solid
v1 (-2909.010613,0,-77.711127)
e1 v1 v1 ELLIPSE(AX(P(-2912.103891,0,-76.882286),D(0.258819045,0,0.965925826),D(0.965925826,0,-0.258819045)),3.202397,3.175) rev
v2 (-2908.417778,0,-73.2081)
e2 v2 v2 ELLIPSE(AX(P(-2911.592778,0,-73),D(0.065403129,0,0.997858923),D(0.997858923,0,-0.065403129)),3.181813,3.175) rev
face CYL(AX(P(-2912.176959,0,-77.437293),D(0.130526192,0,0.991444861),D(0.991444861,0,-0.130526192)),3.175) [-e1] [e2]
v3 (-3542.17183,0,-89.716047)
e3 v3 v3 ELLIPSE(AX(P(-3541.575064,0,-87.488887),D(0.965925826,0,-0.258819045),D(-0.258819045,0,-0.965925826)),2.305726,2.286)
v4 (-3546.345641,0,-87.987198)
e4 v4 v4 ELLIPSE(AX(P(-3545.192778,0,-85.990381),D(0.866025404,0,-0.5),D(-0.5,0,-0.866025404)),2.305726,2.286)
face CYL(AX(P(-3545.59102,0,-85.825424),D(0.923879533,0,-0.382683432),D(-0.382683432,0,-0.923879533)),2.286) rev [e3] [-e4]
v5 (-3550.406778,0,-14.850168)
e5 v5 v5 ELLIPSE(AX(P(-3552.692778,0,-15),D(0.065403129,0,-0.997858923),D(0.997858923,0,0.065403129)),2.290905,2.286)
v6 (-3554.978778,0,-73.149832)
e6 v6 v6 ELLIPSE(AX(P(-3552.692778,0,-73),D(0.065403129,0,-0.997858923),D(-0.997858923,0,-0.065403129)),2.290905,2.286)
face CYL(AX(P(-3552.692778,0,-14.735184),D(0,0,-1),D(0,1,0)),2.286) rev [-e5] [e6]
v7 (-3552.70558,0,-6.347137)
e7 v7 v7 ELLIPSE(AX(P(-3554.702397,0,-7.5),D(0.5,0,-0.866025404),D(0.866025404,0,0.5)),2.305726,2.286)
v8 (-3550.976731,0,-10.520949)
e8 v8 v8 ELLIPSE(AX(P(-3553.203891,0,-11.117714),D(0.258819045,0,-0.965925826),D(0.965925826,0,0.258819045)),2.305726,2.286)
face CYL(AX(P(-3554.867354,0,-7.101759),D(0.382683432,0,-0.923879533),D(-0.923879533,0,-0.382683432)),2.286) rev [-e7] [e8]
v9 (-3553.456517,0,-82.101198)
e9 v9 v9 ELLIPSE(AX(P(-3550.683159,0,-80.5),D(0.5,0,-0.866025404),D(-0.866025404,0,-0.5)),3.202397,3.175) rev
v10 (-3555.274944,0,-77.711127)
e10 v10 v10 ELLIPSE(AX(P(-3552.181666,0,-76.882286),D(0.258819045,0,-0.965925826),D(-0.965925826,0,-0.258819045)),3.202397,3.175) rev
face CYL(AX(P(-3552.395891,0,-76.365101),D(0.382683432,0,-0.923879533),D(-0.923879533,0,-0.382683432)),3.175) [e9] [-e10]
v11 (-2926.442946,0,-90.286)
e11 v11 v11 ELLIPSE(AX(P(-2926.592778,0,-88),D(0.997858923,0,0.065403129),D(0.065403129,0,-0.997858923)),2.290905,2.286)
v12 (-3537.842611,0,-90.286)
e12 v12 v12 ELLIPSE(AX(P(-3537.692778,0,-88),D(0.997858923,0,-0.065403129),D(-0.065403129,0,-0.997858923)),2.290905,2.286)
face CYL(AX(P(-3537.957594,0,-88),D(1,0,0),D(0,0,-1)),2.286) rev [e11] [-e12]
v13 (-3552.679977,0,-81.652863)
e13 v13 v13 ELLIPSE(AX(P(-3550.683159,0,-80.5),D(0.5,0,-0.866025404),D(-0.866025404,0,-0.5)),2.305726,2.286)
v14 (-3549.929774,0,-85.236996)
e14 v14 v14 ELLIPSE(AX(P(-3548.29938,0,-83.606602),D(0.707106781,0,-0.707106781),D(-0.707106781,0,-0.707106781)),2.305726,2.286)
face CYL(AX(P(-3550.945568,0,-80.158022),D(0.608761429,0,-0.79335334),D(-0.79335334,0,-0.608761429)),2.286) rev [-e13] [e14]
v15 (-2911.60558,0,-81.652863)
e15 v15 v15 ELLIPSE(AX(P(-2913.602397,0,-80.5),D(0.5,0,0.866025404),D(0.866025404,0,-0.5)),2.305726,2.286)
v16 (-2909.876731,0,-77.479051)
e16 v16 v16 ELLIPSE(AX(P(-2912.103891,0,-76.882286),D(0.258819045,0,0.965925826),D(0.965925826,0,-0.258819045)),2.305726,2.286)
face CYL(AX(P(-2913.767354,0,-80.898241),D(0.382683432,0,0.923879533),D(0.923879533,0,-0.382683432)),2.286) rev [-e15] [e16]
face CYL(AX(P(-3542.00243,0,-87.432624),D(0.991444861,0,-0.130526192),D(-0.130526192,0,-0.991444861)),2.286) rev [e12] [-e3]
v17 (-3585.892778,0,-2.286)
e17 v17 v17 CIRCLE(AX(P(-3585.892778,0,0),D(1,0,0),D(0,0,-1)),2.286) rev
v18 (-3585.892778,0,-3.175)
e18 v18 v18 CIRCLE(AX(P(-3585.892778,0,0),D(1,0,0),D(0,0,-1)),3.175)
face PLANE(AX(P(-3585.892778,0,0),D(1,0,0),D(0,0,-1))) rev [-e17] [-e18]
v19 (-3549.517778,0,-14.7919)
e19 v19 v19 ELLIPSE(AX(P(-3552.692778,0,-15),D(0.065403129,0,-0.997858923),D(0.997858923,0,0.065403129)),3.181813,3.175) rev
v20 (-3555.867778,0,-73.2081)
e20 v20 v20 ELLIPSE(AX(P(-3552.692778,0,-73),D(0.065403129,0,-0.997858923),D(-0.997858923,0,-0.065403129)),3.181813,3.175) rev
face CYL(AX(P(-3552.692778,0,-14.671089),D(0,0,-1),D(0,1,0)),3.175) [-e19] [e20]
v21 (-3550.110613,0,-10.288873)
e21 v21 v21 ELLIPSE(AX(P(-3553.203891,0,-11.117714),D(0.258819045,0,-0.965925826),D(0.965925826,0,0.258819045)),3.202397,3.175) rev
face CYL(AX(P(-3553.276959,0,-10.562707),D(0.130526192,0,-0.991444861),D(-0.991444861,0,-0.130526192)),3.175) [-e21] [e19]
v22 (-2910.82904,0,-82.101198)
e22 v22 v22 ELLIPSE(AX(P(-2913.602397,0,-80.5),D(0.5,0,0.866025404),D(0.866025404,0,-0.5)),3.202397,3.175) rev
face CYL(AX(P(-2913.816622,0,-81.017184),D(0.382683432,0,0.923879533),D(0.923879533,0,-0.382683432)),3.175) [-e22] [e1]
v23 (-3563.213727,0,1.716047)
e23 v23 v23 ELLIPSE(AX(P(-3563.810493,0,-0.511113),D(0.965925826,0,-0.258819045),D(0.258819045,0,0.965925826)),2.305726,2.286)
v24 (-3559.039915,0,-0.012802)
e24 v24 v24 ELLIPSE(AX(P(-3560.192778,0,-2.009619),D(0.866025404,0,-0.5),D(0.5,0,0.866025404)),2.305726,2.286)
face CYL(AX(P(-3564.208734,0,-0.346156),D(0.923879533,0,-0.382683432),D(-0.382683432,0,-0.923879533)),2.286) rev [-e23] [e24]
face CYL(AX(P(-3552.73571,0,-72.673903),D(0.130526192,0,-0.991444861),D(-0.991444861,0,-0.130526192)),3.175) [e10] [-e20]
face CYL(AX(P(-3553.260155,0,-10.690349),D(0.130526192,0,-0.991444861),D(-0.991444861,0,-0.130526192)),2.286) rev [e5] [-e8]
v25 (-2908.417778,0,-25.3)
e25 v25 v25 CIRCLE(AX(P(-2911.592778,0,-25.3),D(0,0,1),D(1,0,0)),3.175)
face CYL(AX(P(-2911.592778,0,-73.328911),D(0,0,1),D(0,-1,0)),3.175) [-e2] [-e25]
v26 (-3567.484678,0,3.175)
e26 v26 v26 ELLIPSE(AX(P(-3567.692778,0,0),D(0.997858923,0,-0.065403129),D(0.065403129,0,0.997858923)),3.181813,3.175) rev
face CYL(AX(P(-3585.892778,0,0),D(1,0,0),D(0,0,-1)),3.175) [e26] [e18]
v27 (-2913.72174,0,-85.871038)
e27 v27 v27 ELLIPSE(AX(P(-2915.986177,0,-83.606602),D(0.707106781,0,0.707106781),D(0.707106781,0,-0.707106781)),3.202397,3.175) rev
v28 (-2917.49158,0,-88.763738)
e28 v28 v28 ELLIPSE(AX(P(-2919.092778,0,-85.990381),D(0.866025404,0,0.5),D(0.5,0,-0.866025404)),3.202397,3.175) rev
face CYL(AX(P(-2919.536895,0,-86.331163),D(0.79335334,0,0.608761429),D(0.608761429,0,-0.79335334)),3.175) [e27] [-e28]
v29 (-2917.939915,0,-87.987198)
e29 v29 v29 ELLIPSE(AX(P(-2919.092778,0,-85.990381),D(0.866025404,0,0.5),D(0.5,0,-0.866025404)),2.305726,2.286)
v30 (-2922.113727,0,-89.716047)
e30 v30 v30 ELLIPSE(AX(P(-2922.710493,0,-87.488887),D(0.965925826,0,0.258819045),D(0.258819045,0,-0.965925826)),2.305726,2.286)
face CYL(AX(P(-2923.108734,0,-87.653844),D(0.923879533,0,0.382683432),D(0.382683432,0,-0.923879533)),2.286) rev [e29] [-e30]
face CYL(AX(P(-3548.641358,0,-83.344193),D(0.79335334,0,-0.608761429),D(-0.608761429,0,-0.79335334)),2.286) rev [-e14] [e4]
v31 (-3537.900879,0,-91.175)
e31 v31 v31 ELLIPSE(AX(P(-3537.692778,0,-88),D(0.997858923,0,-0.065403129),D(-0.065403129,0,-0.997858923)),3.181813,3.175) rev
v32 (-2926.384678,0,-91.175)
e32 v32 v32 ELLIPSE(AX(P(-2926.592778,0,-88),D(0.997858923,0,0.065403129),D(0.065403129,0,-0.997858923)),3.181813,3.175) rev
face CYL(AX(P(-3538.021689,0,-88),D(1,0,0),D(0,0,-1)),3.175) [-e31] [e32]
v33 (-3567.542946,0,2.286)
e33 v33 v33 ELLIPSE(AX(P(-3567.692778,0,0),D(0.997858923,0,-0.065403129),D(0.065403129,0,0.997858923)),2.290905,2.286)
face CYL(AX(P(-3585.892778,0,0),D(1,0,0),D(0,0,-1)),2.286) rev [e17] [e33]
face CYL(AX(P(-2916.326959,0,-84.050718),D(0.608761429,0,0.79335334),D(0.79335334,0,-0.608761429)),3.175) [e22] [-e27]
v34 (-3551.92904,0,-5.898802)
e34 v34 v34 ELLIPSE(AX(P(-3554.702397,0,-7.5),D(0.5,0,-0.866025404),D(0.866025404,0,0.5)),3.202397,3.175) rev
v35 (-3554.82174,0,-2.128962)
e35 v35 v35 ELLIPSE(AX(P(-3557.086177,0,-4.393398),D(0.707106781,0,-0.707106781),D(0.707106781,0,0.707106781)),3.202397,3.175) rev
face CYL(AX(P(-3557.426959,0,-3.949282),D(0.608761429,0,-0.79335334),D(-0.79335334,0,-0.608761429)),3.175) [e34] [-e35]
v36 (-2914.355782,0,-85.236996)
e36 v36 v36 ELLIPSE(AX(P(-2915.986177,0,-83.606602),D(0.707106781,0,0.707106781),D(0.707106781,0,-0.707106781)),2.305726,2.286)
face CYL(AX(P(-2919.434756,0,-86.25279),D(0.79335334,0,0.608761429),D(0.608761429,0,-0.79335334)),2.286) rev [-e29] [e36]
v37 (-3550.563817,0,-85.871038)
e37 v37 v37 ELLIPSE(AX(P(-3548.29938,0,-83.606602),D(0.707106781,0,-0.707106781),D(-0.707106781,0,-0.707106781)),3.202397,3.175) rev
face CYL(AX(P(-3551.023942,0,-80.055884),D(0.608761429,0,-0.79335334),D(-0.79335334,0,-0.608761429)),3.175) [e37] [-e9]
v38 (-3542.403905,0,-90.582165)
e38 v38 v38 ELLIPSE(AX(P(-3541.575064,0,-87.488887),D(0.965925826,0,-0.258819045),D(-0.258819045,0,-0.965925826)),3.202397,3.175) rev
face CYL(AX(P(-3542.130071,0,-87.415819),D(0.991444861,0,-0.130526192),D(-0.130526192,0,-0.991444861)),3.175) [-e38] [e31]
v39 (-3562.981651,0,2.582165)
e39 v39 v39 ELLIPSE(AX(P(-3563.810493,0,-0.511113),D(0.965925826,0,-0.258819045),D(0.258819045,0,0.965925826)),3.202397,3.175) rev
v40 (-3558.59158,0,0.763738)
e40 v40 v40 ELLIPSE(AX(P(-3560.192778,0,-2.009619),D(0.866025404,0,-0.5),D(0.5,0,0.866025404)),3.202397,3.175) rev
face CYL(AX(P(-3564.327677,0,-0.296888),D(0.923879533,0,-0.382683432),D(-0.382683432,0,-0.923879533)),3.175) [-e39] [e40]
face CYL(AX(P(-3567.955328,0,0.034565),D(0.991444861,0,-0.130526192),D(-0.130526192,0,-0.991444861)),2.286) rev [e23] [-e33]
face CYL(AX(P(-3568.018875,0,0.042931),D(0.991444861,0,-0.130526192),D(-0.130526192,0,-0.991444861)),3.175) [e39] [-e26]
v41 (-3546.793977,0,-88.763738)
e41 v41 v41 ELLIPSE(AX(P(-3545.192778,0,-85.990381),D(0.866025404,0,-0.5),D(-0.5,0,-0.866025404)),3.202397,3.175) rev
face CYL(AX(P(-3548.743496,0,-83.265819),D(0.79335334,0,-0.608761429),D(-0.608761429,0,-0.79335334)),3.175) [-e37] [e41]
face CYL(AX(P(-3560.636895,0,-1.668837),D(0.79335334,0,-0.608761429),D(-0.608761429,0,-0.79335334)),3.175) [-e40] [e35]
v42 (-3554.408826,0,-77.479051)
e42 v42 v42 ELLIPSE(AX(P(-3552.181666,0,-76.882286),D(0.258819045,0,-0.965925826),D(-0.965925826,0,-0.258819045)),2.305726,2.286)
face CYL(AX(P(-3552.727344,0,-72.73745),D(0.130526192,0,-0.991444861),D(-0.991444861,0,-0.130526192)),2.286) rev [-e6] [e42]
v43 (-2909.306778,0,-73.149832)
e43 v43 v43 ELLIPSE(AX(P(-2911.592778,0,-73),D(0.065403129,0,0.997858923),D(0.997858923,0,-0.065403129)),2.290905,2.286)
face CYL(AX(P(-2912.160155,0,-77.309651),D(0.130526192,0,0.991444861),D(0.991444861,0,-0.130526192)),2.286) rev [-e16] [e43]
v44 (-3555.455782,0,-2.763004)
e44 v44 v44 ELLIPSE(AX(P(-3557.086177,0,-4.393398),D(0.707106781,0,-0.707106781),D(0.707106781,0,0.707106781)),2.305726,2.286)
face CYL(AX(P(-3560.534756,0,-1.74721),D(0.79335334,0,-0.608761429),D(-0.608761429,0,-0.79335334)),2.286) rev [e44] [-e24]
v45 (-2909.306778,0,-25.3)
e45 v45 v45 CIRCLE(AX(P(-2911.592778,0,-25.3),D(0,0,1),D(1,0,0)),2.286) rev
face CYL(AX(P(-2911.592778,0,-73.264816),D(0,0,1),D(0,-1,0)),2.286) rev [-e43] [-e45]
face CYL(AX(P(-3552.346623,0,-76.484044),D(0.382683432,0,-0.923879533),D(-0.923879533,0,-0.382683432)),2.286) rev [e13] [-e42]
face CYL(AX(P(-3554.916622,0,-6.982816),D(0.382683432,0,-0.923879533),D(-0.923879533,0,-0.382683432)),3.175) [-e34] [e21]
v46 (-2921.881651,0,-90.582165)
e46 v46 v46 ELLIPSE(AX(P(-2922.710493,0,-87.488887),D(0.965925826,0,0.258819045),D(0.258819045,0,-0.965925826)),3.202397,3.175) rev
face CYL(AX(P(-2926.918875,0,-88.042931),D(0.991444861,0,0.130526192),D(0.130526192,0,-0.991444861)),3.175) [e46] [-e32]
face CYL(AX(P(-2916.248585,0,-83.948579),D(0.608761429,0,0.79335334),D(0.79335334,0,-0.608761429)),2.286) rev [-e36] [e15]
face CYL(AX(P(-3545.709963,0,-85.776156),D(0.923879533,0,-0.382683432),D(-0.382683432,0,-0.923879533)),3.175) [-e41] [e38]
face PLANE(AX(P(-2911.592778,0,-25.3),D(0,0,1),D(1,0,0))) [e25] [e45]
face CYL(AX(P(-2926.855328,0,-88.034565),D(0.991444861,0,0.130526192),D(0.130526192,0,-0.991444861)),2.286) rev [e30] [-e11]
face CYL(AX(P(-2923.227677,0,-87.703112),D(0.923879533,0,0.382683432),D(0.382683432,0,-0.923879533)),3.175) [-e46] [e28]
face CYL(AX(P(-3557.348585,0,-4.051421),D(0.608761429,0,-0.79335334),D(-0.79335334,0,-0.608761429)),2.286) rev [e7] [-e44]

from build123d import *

# Parameters (mm, degrees)
PROFILE_R   = 3.175
PROFILE_R_2 = 2.286


with BuildPart() as part:
    # Tube: sweep along a curve in space
    with BuildLine() as tube_path:
        Line((-3585.892778381, 0, 0), (-3567.692778381, 0, 0))
        Line((-3567.692778381, 0, 0), (-3563.810492704, 0, -0.511112606))
        Line((-3563.810492704, 0, -0.511112606), (-3560.192778381, 0, -2.009618943))
        Line((-3560.192778381, 0, -2.009618943), (-3557.086176663, 0, -4.393398282))
        Line((-3557.086176663, 0, -4.393398282), (-3554.702397324, 0, -7.5))
        Line((-3554.702397324, 0, -7.5), (-3553.203890986, 0, -11.117714323))
        Line((-3553.203890986, 0, -11.117714323), (-3552.692778381, 0, -15))
        Line((-3552.692778381, 0, -15), (-3552.692778381, 0, -73))
        Line((-3552.692778381, 0, -73), (-3552.181665775, 0, -76.882285677))
        Line((-3552.181665775, 0, -76.882285677), (-3550.683159438, 0, -80.5))
        Line((-3550.683159438, 0, -80.5), (-3548.299380099, 0, -83.606601718))
        Line((-3548.299380099, 0, -83.606601718), (-3545.192778381, 0, -85.990381057))
        Line((-3545.192778381, 0, -85.990381057), (-3541.575064057, 0, -87.488887394))
        Line((-3541.575064057, 0, -87.488887394), (-3537.692778381, 0, -88))
        Line((-3537.692778381, 0, -88), (-2926.592778381, 0, -88))
        Line((-2926.592778381, 0, -88), (-2922.710492704, 0, -87.488887394))
        Line((-2922.710492704, 0, -87.488887394), (-2919.092778381, 0, -85.990381057))
        Line((-2919.092778381, 0, -85.990381057), (-2915.986176663, 0, -83.606601718))
        Line((-2915.986176663, 0, -83.606601718), (-2913.602397324, 0, -80.5))
        Line((-2913.602397324, 0, -80.5), (-2912.103890986, 0, -76.882285677))
        Line((-2912.103890986, 0, -76.882285677), (-2911.592778381, 0, -73))
        Line((-2911.592778381, 0, -73), (-2911.592778381, 0, -25.3))
    # Profile → Tube (sweep)
    with BuildSketch(Plane(origin=(-3585.892778381, 0, 0), x_dir=(0, 0, -1), z_dir=(1, 0, 0))):
        Circle(PROFILE_R)
        Circle(PROFILE_R_2, mode=Mode.SUBTRACT)
    sweep(path=tube_path.line, transition=Transition.RIGHT)


solid = part.part
